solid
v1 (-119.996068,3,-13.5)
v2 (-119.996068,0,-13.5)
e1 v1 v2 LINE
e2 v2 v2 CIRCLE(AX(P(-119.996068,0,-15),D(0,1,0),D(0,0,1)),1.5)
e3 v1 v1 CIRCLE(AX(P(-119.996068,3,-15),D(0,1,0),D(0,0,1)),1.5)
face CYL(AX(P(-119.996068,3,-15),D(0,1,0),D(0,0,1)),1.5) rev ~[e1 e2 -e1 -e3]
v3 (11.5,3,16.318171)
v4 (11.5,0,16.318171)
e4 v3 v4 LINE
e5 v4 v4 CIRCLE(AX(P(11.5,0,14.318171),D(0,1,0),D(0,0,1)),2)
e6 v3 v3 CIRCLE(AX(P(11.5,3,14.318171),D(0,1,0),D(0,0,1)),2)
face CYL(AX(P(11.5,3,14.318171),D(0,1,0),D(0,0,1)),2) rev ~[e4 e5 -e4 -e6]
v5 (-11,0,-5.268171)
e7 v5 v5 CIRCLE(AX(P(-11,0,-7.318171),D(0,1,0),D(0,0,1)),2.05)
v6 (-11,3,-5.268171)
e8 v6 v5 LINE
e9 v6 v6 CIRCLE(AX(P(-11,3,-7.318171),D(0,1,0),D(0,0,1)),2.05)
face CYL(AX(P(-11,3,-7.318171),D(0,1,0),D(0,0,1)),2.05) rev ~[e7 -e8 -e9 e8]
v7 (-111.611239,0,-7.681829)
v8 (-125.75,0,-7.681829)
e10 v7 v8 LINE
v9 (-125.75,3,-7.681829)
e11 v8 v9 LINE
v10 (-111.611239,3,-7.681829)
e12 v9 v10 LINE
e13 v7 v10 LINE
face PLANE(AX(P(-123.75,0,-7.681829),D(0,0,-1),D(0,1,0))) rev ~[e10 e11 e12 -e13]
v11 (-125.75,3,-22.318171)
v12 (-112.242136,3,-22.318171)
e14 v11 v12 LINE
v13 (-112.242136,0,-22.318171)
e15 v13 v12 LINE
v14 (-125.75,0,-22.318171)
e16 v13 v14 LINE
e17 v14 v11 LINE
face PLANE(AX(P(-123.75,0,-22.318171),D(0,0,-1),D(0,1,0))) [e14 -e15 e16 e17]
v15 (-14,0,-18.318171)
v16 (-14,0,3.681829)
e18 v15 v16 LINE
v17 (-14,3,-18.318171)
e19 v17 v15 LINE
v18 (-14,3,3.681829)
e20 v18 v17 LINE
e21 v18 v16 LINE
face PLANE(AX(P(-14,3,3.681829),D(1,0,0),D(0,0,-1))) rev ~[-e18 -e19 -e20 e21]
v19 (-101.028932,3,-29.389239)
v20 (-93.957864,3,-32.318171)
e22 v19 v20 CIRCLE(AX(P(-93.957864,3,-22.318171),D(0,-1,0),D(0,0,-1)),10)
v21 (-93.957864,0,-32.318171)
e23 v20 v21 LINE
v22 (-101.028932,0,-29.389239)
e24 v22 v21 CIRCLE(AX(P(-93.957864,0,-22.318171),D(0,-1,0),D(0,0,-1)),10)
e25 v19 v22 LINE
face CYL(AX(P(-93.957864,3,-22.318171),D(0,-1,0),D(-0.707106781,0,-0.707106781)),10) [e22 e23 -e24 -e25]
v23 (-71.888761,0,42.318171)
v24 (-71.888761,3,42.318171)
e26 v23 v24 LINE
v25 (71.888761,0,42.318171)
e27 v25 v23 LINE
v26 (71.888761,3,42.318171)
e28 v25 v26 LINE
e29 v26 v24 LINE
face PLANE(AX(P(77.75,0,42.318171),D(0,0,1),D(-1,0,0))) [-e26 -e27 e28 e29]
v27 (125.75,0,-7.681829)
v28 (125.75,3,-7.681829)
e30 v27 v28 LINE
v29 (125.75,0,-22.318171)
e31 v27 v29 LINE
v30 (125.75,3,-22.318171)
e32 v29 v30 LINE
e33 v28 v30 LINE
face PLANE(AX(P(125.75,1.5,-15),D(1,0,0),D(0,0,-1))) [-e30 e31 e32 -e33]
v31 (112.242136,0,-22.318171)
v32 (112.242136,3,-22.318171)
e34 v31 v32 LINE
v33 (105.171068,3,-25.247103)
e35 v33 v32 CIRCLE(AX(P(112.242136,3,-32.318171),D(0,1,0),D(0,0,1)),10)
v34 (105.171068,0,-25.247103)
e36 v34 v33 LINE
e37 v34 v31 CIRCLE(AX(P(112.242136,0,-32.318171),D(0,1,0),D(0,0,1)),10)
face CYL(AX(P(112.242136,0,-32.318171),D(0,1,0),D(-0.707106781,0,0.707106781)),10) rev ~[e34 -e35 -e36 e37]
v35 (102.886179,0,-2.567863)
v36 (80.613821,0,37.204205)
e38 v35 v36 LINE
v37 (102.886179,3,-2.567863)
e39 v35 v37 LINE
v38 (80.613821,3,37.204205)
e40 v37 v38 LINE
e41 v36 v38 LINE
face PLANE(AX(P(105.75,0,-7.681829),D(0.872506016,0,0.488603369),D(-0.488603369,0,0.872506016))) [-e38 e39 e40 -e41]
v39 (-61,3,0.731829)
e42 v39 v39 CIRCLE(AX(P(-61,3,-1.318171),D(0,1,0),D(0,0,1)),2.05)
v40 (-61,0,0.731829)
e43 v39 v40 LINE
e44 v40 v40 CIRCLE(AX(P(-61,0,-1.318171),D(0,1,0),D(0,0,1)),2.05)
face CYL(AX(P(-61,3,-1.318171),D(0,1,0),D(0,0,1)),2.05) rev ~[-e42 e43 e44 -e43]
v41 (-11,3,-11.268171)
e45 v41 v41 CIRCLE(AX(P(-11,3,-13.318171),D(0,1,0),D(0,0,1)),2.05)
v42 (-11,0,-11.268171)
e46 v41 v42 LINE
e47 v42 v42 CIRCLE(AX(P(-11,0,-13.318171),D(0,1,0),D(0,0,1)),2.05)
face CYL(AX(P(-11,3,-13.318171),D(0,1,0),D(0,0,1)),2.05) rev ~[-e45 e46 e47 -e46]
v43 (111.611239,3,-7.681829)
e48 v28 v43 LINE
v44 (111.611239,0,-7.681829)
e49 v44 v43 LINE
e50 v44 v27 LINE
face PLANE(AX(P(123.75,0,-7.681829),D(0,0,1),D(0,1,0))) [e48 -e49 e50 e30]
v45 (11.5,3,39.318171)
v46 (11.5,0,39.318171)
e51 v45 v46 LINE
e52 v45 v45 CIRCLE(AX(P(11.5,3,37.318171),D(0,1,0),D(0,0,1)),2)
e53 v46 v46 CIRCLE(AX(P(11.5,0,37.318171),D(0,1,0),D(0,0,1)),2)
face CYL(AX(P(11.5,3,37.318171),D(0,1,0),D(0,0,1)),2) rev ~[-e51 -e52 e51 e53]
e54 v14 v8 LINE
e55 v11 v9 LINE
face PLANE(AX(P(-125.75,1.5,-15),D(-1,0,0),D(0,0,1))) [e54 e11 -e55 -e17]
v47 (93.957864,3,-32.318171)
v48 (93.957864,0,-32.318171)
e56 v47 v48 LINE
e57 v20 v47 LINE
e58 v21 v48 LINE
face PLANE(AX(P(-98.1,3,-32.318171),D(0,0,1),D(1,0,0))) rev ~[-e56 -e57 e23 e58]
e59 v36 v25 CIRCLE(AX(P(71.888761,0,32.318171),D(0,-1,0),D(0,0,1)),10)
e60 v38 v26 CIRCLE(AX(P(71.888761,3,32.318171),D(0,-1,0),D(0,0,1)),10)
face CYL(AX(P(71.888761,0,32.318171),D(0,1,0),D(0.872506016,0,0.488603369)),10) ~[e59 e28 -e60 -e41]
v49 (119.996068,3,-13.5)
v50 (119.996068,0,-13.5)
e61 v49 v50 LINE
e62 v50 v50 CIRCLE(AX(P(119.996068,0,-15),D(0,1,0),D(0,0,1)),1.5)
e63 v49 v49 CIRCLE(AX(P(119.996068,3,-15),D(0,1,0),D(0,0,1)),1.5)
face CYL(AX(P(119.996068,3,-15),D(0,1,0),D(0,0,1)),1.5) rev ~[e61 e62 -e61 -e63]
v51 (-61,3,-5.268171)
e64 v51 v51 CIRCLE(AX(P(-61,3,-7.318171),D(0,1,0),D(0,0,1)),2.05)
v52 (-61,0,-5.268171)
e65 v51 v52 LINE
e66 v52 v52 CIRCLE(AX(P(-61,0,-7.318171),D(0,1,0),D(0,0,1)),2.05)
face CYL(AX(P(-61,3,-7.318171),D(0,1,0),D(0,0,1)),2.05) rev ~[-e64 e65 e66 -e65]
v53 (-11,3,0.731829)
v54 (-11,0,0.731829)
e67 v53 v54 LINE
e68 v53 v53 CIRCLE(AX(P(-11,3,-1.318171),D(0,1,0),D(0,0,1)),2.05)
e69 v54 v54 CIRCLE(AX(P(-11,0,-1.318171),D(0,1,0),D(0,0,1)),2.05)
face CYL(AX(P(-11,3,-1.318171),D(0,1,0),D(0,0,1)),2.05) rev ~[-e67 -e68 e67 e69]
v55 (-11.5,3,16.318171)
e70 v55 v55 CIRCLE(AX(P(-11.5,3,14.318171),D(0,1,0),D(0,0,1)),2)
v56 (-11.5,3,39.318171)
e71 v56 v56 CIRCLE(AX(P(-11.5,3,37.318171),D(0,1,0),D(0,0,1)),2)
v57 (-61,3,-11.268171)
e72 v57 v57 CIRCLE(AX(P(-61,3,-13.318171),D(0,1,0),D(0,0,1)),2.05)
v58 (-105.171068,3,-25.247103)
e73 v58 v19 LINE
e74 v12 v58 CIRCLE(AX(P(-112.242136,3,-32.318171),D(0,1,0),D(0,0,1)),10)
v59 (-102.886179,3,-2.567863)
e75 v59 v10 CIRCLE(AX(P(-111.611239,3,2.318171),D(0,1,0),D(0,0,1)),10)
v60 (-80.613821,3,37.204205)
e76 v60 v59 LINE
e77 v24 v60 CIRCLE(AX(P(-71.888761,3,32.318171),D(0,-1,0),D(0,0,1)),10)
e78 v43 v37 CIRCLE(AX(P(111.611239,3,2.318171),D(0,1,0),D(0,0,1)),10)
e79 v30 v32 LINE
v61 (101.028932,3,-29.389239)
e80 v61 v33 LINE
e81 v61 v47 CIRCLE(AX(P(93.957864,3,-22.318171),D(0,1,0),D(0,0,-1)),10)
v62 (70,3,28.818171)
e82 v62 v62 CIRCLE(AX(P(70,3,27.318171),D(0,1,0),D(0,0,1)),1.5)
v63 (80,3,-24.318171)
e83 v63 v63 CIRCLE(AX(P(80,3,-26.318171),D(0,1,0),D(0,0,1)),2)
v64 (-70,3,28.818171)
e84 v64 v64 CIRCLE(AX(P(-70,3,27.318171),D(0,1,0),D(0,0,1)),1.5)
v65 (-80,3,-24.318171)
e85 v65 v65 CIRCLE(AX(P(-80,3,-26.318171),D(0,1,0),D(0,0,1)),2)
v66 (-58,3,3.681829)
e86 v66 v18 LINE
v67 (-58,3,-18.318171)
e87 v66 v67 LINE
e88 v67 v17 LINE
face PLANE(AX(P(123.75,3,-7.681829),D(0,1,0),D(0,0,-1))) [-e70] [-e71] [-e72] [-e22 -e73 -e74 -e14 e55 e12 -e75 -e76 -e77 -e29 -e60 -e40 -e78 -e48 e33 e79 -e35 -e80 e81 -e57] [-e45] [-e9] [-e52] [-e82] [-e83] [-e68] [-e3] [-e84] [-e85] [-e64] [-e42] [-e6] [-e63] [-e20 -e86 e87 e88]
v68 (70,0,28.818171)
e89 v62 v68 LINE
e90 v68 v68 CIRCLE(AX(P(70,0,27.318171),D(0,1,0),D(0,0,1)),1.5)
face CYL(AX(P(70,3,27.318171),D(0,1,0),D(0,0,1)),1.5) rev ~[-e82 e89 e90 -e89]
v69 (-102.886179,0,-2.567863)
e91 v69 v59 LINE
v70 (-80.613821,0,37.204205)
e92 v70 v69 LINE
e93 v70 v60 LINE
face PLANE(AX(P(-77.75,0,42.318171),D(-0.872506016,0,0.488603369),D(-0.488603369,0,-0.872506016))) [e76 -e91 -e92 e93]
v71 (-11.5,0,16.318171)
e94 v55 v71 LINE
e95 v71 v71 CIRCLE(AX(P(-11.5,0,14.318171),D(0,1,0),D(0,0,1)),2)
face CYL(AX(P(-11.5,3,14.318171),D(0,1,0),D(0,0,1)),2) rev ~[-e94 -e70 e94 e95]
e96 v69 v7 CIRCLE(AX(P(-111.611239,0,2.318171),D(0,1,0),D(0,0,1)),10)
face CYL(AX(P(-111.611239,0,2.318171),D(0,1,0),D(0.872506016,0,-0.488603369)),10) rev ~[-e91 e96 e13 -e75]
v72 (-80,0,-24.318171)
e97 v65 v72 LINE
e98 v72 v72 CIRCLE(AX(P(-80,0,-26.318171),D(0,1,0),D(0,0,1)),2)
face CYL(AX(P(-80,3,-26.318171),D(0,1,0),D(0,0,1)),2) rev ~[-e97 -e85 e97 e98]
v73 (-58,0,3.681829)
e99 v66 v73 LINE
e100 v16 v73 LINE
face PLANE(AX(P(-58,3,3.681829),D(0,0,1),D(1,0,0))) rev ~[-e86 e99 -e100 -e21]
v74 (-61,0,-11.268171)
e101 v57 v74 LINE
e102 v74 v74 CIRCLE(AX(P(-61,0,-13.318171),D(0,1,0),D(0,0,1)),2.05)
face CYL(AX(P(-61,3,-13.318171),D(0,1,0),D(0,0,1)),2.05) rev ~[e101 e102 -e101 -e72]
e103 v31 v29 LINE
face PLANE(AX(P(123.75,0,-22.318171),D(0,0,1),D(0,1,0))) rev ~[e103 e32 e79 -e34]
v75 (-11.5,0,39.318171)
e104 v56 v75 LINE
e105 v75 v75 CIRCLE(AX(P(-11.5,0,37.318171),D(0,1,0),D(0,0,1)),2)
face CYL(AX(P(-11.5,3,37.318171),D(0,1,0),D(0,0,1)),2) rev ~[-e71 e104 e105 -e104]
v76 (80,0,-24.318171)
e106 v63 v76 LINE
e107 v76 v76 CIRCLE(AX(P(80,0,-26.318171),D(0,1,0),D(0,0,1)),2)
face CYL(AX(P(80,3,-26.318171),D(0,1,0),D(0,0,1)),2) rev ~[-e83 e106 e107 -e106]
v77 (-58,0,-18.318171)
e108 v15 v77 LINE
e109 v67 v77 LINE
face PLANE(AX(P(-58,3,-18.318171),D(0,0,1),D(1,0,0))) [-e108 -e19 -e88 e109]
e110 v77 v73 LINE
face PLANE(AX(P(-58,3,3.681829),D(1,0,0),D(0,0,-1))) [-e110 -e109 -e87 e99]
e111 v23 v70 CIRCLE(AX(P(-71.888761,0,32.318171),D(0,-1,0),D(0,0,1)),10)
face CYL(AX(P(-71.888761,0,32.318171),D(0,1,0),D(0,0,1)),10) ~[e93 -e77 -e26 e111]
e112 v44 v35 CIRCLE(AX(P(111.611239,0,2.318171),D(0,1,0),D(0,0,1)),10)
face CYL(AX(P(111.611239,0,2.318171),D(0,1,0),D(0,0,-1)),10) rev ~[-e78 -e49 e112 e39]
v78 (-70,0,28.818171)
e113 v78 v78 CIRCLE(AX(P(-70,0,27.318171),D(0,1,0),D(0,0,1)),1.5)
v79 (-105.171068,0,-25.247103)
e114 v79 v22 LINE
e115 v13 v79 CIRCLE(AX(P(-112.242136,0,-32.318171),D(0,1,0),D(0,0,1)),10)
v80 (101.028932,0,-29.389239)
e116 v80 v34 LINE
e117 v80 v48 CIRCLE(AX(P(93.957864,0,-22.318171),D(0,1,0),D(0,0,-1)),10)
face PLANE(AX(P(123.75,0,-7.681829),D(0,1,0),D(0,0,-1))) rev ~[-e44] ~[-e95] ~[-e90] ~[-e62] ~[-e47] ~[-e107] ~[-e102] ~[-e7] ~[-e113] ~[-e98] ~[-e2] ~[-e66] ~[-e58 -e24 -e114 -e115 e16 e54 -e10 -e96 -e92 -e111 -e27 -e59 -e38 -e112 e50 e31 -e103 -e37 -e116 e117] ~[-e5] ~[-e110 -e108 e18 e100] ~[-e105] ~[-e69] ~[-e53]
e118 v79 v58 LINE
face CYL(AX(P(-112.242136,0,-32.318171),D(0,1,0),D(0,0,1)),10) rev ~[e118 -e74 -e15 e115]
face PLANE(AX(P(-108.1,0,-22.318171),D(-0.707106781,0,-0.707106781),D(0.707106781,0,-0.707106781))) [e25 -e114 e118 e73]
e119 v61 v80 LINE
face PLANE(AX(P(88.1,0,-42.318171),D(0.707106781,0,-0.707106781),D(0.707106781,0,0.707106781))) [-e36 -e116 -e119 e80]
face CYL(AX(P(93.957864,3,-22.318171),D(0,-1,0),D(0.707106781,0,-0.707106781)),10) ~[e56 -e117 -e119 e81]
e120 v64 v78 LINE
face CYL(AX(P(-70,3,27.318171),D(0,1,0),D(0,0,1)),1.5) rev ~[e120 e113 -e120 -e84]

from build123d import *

# Parameters (mm, degrees)
SALIENTE_EXTRUIR1_DEPTH = 3
REDONDEO1_R             = 10
CROQUIS2_R              = 1.5
CROQUIS2_R_2            = 2
CROQUIS2_R_3            = 2.05
CROQUIS2_W              = 42
CROQUIS2_H              = 20
CORTAR_EXTRUIR1_DEPTH   = 135.610141171
CROQUIS3_W              = 4
CROQUIS3_H              = 14.636342218
CORTAR_EXTRUIR2_DEPTH   = 135.610141171
CROQUIS4_W              = 44
CROQUIS4_H              = 22
CORTAR_EXTRUIR3_DEPTH   = 131.820067673
CORTAR_EXTRUIR4_DEPTH   = 131.820067673
REDONDEO2_R             = 20
CORTAR_EXTRUIR5_DEPTH   = 10
REDONDEO3_R             = 10
CROQUIS7_W              = 14.636342218
CROQUIS7_H              = 3
SALIENTE_EXTRUIR2_DEPTH = 2
CROQUIS8_W              = 14.636342218
CROQUIS8_H              = 3
SALIENTE_EXTRUIR3_DEPTH = 2
CROQUIS10_R             = 2
CORTAR_EXTRUIR7_DEPTH   = 133.713564137


with BuildPart() as part:
    # Croquis1 → Saliente-Extruir1 (new body)
    with BuildSketch(Plane(origin=(0, 0, 0), x_dir=(1, 0, 0), z_dir=(0, 1, 0))):
        Polygon((-88.1, 42.318171109), (88.1, 42.318171109), (108.1, 22.318171109), (127.75, 22.318171109), (127.75, 7.681828891), (105.75, 7.681828891), (77.75, -42.318171109), (-77.75, -42.318171109), (-105.75, 7.681828891), (-127.75, 7.681828891), (-127.75, 22.318171109), (-108.1, 22.318171109), align=None)
    extrude(amount=SALIENTE_EXTRUIR1_DEPTH)

    # Redondeo1
    redondeo1_edges = [part.edges().sort_by_distance(p)[0] for p in [
        (-88.1, 1.5, -42.318171109),
        (88.1, 1.5, -42.318171109),
        (108.1, 1.5, -22.318171109),
        (105.75, 1.5, -7.681828891),
        (77.75, 1.5, 42.318171109),
        (-77.75, 1.5, 42.318171109),
        (-105.75, 1.5, -7.681828891),
        (-108.1, 1.5, -22.318171109),
    ]]
    fillet(redondeo1_edges, radius=REDONDEO1_R)

    # Croquis2 → Cortar-Extruir1 (cut, through all)
    with BuildSketch(Plane(origin=(0, 3, 0), x_dir=(1, 0, 0), z_dir=(0, 1, 0))):
        with Locations(Location((70, -27.318171109, 0), (0, 0, 270))):
            Circle(CROQUIS2_R)
        with Locations(Location((-70, -27.318171109, 0), (0, 0, 270))):
            Circle(CROQUIS2_R)
        with Locations(Location((-119.996067812, 15, 0), (0, 0, 270))):
            Circle(CROQUIS2_R)
        with Locations(Location((119.996067812, 15, 0), (0, 0, 270))):
            Circle(CROQUIS2_R)
        with Locations(Location((-11.5, -14.318171109, 0), (0, 0, 270))):
            Circle(CROQUIS2_R_2)
        with Locations(Location((11.5, -14.318171109, 0), (0, 0, 270))):
            Circle(CROQUIS2_R_2)
        with Locations(Location((-11.5, -37.318171109, 0), (0, 0, 270))):
            Circle(CROQUIS2_R_2)
        with Locations(Location((11.5, -37.318171109, 0), (0, 0, 270))):
            Circle(CROQUIS2_R_2)
        with Locations(Location((-61, 7.318171109, 0), (0, 0, 270))):
            Circle(CROQUIS2_R_3)
        with Locations(Location((-11, 7.318171109, 0), (0, 0, 270))):
            Circle(CROQUIS2_R_3)
        with Locations(Location((-61, 13.318171109, 0), (0, 0, 270))):
            Circle(CROQUIS2_R_3)
        with Locations(Location((-61, 1.318171109, 0), (0, 0, 270))):
            Circle(CROQUIS2_R_3)
        with Locations(Location((-11, 13.318171109, 0), (0, 0, 270))):
            Circle(CROQUIS2_R_3)
        with Locations(Location((-11, 1.318171109, 0), (0, 0, 270))):
            Circle(CROQUIS2_R_3)
        with Locations((-36, 7.318171109)):
            Rectangle(CROQUIS2_W, CROQUIS2_H)
    extrude(amount=-CORTAR_EXTRUIR1_DEPTH, mode=Mode.SUBTRACT)

    # Croquis3 → Cortar-Extruir2 (cut, through all)
    with BuildSketch(Plane(origin=(0, 3, 0), x_dir=(1, 0, 0), z_dir=(0, 1, 0))):
        with Locations((-125.75, 15)):
            Rectangle(CROQUIS3_W, CROQUIS3_H)
        with Locations((125.75, 15)):
            Rectangle(CROQUIS3_W, CROQUIS3_H)
    extrude(amount=-CORTAR_EXTRUIR2_DEPTH, mode=Mode.SUBTRACT)

    # Croquis4 → Cortar-Extruir3 (cut, through all)
    with BuildSketch(Plane(origin=(0, 3, 0), x_dir=(1, 0, 0), z_dir=(0, 1, 0))):
        with Locations((-36, 7.318171109)):
            Rectangle(CROQUIS4_W, CROQUIS4_H)
    extrude(amount=-CORTAR_EXTRUIR3_DEPTH, mode=Mode.SUBTRACT)

    # Croquis5 → Cortar-Extruir4 (cut, through all)
    with BuildSketch(Plane(origin=(0, 3, 0), x_dir=(1, 0, 0), z_dir=(0, 1, 0))):
        Polygon((-63.75, 42.318171109), (-38.75, 32.318171109), (38.75, 32.318171109), (63.75, 42.318171109), align=None)
    extrude(amount=-CORTAR_EXTRUIR4_DEPTH, mode=Mode.SUBTRACT)

    # Redondeo2
    redondeo2_edges = [part.edges().sort_by_distance(p)[0] for p in [
        (-63.75, 1.5, -42.318171109),
        (63.75, 1.5, -42.318171109),
        (38.75, 1.5, -32.318171109),
        (-38.75, 1.5, -32.318171109),
    ]]
    fillet(redondeo2_edges, radius=REDONDEO2_R)

    # Croquis6 → Cortar-Extruir5 (cut)
    with BuildSketch(Plane(origin=(0, 3, 0), x_dir=(1, 0, 0), z_dir=(0, 1, 0))):
        Polygon((-34.898351929, 32.318171109), (-98.1, 32.318171109), (-98.1, 50.604425951), (105.42793471, 50.604425951), (105.42793471, 32.318171109), align=None)
    extrude(amount=-CORTAR_EXTRUIR5_DEPTH, mode=Mode.SUBTRACT)

    # Redondeo3
    redondeo3_edges = [part.edges().sort_by_distance(p)[0] for p in [
        (98.1, 1.5, -32.318171109),
        (-98.1, 1.5, -32.318171109),
    ]]
    fillet(redondeo3_edges, radius=REDONDEO3_R)

    # Croquis7 → Saliente-Extruir2 (add)
    with BuildSketch(Plane.ZY.offset(123.75)):
        with Locations((-15, 1.5)):
            Rectangle(CROQUIS7_W, CROQUIS7_H)
    extrude(amount=SALIENTE_EXTRUIR2_DEPTH)

    # Croquis8 → Saliente-Extruir3 (add)
    with BuildSketch(Plane(origin=(123.75, 0, 0), x_dir=(0, 0, -1), z_dir=(1, 0, 0))):
        with Locations((15, 1.5)):
            Rectangle(CROQUIS8_W, CROQUIS8_H)
    extrude(amount=SALIENTE_EXTRUIR3_DEPTH)

    # Croquis10 → Cortar-Extruir7 (cut, through all)
    with BuildSketch(Plane(origin=(0, 3, 0), x_dir=(1, 0, 0), z_dir=(0, 1, 0))):
        with Locations(Location((-80, 26.318171109, 0), (0, 0, 270))):
            Circle(CROQUIS10_R)
        with Locations(Location((80, 26.318171109, 0), (0, 0, 270))):
            Circle(CROQUIS10_R)
    extrude(amount=-CORTAR_EXTRUIR7_DEPTH, mode=Mode.SUBTRACT)


solid = part.part
